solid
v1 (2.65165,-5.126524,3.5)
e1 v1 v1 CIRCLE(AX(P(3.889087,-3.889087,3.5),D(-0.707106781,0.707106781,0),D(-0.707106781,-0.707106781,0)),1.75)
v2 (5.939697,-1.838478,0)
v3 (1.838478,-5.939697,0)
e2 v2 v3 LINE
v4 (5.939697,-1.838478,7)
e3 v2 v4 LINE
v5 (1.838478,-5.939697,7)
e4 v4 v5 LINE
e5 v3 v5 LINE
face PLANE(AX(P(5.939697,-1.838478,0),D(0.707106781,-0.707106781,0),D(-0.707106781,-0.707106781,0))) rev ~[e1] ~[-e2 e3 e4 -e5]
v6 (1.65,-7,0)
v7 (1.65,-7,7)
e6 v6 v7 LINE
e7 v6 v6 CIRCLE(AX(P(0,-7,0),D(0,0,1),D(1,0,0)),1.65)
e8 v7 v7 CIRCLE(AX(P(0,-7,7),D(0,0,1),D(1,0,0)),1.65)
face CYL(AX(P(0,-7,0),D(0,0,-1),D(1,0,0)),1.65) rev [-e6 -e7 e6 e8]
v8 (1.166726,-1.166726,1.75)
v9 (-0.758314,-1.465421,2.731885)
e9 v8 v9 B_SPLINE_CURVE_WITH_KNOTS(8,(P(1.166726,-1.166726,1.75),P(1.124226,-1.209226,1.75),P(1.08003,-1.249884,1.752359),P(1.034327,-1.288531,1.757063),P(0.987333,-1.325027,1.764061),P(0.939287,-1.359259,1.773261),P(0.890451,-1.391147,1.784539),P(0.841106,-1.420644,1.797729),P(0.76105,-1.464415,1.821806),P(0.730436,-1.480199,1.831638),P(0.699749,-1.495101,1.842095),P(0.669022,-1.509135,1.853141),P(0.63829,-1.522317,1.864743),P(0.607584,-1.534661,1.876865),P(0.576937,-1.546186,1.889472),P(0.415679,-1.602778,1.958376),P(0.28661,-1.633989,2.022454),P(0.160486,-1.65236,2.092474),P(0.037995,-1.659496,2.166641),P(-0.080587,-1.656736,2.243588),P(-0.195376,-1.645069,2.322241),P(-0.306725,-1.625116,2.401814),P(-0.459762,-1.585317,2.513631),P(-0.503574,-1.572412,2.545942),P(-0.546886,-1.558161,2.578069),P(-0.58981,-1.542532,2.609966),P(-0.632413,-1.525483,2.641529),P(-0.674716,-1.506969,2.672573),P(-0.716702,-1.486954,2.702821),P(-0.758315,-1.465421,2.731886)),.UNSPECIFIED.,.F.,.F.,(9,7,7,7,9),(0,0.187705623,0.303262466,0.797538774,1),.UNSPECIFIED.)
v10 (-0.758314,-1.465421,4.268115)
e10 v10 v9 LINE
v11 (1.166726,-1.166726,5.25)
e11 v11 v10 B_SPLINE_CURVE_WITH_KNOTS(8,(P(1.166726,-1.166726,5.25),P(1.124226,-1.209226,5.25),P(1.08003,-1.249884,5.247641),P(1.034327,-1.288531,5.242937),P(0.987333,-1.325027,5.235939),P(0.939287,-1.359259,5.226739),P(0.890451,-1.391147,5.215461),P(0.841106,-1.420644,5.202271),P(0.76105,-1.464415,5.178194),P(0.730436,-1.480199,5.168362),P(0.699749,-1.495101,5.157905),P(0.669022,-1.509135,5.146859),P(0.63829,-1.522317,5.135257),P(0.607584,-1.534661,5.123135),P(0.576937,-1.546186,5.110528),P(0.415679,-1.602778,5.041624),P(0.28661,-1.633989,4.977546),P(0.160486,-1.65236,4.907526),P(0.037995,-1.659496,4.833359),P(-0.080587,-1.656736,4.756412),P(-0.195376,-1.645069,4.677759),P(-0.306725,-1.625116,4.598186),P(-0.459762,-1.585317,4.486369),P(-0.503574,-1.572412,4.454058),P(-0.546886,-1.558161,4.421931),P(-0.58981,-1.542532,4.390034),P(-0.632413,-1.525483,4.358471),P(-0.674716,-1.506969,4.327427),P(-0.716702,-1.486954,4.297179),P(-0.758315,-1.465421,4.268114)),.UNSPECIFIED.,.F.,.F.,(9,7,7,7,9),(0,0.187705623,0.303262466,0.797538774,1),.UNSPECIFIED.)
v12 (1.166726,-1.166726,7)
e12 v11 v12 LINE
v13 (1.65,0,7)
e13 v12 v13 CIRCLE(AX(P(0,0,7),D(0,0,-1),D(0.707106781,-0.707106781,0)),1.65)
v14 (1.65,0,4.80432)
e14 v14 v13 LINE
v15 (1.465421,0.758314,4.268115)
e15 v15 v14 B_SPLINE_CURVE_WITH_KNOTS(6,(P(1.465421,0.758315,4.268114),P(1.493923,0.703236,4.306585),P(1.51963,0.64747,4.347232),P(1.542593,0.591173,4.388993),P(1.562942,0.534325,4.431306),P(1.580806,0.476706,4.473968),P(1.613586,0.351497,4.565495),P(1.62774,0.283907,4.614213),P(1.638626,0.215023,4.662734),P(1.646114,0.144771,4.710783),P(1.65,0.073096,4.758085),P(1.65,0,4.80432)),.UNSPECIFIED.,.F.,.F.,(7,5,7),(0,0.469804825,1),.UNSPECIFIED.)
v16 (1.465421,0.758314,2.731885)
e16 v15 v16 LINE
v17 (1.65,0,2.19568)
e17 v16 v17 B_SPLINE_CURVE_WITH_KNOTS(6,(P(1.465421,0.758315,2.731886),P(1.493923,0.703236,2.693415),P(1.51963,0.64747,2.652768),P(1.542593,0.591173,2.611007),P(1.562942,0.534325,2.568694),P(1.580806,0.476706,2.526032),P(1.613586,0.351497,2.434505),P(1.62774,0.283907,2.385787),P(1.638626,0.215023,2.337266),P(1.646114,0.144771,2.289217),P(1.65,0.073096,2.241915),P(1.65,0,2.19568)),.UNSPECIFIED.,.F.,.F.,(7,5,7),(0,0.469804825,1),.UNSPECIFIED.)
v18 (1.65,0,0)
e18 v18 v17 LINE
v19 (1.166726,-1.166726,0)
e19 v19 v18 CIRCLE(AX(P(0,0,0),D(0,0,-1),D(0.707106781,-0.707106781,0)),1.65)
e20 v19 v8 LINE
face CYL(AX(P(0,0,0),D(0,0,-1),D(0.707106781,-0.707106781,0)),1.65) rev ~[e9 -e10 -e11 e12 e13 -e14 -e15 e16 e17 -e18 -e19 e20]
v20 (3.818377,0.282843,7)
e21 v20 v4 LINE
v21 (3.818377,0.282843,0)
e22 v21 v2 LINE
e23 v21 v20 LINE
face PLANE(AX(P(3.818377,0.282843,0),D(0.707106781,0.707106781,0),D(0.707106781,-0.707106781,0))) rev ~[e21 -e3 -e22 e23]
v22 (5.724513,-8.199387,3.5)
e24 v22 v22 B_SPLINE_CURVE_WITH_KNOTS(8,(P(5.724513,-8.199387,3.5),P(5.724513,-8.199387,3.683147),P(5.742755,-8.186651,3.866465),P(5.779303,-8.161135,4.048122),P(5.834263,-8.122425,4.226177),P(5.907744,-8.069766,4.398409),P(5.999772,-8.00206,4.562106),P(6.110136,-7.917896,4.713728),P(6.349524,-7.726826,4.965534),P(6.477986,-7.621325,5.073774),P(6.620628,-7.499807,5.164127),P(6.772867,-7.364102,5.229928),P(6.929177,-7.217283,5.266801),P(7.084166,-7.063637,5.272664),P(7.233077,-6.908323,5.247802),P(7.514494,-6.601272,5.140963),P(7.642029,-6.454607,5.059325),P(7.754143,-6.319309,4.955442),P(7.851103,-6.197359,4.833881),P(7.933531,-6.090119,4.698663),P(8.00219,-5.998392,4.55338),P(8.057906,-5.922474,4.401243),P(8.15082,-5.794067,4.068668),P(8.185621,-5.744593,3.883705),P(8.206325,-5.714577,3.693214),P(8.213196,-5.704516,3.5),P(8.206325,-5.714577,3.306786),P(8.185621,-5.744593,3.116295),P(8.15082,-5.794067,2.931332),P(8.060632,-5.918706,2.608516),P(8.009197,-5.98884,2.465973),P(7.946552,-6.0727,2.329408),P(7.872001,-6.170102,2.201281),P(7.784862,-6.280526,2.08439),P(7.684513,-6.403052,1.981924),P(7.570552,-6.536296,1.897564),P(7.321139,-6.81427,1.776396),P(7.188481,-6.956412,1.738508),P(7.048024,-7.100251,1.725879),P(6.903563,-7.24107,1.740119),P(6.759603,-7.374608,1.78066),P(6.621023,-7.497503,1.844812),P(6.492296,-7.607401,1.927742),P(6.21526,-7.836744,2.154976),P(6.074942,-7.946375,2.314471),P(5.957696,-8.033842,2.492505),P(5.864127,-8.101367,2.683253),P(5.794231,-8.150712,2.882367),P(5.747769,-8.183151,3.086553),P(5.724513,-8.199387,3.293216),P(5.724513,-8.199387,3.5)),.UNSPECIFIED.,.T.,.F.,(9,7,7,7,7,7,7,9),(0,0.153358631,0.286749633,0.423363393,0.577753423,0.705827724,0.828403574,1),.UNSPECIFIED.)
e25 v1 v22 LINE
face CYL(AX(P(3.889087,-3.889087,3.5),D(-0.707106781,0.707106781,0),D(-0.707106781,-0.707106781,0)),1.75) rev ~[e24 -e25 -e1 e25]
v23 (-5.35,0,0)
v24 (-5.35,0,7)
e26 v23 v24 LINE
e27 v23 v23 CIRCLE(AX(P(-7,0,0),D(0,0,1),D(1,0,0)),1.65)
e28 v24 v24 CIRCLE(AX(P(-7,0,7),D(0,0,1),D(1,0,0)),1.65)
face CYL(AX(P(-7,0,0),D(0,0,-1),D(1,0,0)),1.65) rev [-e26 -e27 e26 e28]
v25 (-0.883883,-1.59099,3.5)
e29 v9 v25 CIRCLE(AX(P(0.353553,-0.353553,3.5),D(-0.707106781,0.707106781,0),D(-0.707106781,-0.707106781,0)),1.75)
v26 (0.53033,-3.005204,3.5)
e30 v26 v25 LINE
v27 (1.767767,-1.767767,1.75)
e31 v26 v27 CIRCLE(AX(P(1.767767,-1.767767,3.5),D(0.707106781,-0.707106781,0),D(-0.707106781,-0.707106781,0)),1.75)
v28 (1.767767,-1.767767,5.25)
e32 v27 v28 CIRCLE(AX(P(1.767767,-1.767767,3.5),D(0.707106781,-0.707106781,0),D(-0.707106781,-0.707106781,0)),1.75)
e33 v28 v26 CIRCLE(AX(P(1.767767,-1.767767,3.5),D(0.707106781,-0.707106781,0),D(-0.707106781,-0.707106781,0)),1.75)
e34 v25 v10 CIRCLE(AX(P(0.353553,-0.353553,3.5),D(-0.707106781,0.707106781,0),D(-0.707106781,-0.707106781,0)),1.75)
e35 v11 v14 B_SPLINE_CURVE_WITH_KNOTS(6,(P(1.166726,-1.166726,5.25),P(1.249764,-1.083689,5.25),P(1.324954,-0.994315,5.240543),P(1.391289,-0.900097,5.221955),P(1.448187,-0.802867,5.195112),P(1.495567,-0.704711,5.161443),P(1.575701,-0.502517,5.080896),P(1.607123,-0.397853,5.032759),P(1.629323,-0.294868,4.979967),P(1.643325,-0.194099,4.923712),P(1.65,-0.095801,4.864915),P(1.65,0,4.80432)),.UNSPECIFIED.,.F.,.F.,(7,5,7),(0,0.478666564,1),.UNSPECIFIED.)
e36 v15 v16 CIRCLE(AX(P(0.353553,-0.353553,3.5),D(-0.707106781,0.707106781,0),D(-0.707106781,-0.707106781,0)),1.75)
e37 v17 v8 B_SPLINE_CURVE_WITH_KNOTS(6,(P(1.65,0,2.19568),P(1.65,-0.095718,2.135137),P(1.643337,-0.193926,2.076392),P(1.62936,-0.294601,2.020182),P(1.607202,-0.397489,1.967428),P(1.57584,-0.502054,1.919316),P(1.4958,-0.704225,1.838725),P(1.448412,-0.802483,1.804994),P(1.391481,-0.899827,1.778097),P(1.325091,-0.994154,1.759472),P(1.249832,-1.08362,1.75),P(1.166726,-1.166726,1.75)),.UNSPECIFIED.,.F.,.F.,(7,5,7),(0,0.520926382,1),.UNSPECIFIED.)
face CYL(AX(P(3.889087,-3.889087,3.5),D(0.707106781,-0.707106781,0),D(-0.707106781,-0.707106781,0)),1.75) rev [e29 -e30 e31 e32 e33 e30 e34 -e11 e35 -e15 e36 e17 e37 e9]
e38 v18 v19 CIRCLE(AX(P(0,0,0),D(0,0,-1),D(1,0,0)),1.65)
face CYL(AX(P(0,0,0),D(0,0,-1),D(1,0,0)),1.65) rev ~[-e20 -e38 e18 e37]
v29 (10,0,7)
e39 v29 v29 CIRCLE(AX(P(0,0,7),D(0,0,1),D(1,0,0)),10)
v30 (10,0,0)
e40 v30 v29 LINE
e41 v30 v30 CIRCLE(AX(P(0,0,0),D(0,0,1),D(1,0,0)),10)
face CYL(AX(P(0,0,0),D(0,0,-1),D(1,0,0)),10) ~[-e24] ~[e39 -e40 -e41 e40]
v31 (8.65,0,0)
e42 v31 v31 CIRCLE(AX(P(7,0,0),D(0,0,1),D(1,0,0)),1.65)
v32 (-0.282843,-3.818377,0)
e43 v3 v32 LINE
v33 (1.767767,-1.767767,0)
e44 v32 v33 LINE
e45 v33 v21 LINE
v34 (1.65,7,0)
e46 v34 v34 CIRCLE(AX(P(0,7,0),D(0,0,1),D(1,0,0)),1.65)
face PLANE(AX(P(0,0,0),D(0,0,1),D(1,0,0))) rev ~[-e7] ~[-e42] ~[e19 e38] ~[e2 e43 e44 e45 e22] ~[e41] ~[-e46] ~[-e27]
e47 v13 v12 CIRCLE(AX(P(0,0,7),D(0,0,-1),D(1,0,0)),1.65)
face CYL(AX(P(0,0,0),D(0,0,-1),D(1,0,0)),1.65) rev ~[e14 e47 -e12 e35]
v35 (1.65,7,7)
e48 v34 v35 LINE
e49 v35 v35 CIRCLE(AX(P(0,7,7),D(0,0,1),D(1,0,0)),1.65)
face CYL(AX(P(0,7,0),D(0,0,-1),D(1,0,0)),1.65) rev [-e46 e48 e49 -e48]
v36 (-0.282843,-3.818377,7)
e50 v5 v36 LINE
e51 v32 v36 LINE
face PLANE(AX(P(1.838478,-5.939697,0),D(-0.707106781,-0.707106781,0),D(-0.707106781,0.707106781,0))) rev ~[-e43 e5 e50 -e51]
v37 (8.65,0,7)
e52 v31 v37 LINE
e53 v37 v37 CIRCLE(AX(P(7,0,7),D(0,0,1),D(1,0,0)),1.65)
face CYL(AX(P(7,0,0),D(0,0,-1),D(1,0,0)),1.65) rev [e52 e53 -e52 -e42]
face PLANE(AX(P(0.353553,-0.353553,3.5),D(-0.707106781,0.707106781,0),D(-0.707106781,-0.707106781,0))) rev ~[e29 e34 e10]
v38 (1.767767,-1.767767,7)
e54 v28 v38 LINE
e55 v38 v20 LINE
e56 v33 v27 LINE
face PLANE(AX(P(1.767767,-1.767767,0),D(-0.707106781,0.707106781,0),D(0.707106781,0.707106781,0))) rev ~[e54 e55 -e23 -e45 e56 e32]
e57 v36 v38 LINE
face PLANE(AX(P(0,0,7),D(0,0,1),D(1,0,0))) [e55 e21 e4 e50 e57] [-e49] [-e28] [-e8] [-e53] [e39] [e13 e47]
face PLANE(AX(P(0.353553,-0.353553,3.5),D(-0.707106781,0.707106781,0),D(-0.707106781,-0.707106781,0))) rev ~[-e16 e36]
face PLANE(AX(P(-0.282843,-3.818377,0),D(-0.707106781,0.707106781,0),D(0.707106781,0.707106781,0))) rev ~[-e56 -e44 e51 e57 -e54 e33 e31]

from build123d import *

# Parameters (mm, degrees)
F0_R          = 10
F0_R_2        = 1.65
F1_DEPTH      = 7
F2_R          = 1.75
F3_DEPTH      = 25
F3_DEPTH_BACK = 5


with BuildPart() as f1:
    # F0 (on Top) → F1 (new body)
    with BuildSketch(Plane.XY):
        Circle(F0_R)
        with Locations((0, -7)):
            Circle(F0_R_2, mode=Mode.SUBTRACT)
        Polygon((-0.2828427125, -3.8183766184), (1.767766953, -1.767766953), (3.8183766184, 0.2828427125), (5.939696962, -1.8384776311), (1.8384776311, -5.939696962), align=None, mode=Mode.SUBTRACT)
        with Locations((-7, 0)):
            Circle(F0_R_2, mode=Mode.SUBTRACT)
        with BuildLine():
            ThreePointArc((1.166726189, -1.166726189), (-1.5244012286, 0.6314276634), (1.65, 0))
            ThreePointArc((1.65, 0), (1.5244012286, -0.6314276634), (1.166726189, -1.166726189))
        make_face(mode=Mode.SUBTRACT)
        with Locations((7, 0)):
            Circle(F0_R_2, mode=Mode.SUBTRACT)
        with Locations((0, 7)):
            Circle(F0_R_2, mode=Mode.SUBTRACT)
    extrude(amount=F1_DEPTH)

    # F2 (on face) → F3 (cut, two sides)
    with BuildSketch(Plane(origin=(3.8890872965, -3.8890872965, 0), x_dir=(-0.7071067812, -0.7071067812, 0), z_dir=(-0.7071067812, 0.7071067812, 0))) as f3_sk:
        with Locations((0, 3.5)):
            Circle(F2_R)
    extrude(amount=-F3_DEPTH, mode=Mode.SUBTRACT)
    extrude(f3_sk.sketch, amount=F3_DEPTH_BACK, mode=Mode.SUBTRACT)


solid = f1.part
